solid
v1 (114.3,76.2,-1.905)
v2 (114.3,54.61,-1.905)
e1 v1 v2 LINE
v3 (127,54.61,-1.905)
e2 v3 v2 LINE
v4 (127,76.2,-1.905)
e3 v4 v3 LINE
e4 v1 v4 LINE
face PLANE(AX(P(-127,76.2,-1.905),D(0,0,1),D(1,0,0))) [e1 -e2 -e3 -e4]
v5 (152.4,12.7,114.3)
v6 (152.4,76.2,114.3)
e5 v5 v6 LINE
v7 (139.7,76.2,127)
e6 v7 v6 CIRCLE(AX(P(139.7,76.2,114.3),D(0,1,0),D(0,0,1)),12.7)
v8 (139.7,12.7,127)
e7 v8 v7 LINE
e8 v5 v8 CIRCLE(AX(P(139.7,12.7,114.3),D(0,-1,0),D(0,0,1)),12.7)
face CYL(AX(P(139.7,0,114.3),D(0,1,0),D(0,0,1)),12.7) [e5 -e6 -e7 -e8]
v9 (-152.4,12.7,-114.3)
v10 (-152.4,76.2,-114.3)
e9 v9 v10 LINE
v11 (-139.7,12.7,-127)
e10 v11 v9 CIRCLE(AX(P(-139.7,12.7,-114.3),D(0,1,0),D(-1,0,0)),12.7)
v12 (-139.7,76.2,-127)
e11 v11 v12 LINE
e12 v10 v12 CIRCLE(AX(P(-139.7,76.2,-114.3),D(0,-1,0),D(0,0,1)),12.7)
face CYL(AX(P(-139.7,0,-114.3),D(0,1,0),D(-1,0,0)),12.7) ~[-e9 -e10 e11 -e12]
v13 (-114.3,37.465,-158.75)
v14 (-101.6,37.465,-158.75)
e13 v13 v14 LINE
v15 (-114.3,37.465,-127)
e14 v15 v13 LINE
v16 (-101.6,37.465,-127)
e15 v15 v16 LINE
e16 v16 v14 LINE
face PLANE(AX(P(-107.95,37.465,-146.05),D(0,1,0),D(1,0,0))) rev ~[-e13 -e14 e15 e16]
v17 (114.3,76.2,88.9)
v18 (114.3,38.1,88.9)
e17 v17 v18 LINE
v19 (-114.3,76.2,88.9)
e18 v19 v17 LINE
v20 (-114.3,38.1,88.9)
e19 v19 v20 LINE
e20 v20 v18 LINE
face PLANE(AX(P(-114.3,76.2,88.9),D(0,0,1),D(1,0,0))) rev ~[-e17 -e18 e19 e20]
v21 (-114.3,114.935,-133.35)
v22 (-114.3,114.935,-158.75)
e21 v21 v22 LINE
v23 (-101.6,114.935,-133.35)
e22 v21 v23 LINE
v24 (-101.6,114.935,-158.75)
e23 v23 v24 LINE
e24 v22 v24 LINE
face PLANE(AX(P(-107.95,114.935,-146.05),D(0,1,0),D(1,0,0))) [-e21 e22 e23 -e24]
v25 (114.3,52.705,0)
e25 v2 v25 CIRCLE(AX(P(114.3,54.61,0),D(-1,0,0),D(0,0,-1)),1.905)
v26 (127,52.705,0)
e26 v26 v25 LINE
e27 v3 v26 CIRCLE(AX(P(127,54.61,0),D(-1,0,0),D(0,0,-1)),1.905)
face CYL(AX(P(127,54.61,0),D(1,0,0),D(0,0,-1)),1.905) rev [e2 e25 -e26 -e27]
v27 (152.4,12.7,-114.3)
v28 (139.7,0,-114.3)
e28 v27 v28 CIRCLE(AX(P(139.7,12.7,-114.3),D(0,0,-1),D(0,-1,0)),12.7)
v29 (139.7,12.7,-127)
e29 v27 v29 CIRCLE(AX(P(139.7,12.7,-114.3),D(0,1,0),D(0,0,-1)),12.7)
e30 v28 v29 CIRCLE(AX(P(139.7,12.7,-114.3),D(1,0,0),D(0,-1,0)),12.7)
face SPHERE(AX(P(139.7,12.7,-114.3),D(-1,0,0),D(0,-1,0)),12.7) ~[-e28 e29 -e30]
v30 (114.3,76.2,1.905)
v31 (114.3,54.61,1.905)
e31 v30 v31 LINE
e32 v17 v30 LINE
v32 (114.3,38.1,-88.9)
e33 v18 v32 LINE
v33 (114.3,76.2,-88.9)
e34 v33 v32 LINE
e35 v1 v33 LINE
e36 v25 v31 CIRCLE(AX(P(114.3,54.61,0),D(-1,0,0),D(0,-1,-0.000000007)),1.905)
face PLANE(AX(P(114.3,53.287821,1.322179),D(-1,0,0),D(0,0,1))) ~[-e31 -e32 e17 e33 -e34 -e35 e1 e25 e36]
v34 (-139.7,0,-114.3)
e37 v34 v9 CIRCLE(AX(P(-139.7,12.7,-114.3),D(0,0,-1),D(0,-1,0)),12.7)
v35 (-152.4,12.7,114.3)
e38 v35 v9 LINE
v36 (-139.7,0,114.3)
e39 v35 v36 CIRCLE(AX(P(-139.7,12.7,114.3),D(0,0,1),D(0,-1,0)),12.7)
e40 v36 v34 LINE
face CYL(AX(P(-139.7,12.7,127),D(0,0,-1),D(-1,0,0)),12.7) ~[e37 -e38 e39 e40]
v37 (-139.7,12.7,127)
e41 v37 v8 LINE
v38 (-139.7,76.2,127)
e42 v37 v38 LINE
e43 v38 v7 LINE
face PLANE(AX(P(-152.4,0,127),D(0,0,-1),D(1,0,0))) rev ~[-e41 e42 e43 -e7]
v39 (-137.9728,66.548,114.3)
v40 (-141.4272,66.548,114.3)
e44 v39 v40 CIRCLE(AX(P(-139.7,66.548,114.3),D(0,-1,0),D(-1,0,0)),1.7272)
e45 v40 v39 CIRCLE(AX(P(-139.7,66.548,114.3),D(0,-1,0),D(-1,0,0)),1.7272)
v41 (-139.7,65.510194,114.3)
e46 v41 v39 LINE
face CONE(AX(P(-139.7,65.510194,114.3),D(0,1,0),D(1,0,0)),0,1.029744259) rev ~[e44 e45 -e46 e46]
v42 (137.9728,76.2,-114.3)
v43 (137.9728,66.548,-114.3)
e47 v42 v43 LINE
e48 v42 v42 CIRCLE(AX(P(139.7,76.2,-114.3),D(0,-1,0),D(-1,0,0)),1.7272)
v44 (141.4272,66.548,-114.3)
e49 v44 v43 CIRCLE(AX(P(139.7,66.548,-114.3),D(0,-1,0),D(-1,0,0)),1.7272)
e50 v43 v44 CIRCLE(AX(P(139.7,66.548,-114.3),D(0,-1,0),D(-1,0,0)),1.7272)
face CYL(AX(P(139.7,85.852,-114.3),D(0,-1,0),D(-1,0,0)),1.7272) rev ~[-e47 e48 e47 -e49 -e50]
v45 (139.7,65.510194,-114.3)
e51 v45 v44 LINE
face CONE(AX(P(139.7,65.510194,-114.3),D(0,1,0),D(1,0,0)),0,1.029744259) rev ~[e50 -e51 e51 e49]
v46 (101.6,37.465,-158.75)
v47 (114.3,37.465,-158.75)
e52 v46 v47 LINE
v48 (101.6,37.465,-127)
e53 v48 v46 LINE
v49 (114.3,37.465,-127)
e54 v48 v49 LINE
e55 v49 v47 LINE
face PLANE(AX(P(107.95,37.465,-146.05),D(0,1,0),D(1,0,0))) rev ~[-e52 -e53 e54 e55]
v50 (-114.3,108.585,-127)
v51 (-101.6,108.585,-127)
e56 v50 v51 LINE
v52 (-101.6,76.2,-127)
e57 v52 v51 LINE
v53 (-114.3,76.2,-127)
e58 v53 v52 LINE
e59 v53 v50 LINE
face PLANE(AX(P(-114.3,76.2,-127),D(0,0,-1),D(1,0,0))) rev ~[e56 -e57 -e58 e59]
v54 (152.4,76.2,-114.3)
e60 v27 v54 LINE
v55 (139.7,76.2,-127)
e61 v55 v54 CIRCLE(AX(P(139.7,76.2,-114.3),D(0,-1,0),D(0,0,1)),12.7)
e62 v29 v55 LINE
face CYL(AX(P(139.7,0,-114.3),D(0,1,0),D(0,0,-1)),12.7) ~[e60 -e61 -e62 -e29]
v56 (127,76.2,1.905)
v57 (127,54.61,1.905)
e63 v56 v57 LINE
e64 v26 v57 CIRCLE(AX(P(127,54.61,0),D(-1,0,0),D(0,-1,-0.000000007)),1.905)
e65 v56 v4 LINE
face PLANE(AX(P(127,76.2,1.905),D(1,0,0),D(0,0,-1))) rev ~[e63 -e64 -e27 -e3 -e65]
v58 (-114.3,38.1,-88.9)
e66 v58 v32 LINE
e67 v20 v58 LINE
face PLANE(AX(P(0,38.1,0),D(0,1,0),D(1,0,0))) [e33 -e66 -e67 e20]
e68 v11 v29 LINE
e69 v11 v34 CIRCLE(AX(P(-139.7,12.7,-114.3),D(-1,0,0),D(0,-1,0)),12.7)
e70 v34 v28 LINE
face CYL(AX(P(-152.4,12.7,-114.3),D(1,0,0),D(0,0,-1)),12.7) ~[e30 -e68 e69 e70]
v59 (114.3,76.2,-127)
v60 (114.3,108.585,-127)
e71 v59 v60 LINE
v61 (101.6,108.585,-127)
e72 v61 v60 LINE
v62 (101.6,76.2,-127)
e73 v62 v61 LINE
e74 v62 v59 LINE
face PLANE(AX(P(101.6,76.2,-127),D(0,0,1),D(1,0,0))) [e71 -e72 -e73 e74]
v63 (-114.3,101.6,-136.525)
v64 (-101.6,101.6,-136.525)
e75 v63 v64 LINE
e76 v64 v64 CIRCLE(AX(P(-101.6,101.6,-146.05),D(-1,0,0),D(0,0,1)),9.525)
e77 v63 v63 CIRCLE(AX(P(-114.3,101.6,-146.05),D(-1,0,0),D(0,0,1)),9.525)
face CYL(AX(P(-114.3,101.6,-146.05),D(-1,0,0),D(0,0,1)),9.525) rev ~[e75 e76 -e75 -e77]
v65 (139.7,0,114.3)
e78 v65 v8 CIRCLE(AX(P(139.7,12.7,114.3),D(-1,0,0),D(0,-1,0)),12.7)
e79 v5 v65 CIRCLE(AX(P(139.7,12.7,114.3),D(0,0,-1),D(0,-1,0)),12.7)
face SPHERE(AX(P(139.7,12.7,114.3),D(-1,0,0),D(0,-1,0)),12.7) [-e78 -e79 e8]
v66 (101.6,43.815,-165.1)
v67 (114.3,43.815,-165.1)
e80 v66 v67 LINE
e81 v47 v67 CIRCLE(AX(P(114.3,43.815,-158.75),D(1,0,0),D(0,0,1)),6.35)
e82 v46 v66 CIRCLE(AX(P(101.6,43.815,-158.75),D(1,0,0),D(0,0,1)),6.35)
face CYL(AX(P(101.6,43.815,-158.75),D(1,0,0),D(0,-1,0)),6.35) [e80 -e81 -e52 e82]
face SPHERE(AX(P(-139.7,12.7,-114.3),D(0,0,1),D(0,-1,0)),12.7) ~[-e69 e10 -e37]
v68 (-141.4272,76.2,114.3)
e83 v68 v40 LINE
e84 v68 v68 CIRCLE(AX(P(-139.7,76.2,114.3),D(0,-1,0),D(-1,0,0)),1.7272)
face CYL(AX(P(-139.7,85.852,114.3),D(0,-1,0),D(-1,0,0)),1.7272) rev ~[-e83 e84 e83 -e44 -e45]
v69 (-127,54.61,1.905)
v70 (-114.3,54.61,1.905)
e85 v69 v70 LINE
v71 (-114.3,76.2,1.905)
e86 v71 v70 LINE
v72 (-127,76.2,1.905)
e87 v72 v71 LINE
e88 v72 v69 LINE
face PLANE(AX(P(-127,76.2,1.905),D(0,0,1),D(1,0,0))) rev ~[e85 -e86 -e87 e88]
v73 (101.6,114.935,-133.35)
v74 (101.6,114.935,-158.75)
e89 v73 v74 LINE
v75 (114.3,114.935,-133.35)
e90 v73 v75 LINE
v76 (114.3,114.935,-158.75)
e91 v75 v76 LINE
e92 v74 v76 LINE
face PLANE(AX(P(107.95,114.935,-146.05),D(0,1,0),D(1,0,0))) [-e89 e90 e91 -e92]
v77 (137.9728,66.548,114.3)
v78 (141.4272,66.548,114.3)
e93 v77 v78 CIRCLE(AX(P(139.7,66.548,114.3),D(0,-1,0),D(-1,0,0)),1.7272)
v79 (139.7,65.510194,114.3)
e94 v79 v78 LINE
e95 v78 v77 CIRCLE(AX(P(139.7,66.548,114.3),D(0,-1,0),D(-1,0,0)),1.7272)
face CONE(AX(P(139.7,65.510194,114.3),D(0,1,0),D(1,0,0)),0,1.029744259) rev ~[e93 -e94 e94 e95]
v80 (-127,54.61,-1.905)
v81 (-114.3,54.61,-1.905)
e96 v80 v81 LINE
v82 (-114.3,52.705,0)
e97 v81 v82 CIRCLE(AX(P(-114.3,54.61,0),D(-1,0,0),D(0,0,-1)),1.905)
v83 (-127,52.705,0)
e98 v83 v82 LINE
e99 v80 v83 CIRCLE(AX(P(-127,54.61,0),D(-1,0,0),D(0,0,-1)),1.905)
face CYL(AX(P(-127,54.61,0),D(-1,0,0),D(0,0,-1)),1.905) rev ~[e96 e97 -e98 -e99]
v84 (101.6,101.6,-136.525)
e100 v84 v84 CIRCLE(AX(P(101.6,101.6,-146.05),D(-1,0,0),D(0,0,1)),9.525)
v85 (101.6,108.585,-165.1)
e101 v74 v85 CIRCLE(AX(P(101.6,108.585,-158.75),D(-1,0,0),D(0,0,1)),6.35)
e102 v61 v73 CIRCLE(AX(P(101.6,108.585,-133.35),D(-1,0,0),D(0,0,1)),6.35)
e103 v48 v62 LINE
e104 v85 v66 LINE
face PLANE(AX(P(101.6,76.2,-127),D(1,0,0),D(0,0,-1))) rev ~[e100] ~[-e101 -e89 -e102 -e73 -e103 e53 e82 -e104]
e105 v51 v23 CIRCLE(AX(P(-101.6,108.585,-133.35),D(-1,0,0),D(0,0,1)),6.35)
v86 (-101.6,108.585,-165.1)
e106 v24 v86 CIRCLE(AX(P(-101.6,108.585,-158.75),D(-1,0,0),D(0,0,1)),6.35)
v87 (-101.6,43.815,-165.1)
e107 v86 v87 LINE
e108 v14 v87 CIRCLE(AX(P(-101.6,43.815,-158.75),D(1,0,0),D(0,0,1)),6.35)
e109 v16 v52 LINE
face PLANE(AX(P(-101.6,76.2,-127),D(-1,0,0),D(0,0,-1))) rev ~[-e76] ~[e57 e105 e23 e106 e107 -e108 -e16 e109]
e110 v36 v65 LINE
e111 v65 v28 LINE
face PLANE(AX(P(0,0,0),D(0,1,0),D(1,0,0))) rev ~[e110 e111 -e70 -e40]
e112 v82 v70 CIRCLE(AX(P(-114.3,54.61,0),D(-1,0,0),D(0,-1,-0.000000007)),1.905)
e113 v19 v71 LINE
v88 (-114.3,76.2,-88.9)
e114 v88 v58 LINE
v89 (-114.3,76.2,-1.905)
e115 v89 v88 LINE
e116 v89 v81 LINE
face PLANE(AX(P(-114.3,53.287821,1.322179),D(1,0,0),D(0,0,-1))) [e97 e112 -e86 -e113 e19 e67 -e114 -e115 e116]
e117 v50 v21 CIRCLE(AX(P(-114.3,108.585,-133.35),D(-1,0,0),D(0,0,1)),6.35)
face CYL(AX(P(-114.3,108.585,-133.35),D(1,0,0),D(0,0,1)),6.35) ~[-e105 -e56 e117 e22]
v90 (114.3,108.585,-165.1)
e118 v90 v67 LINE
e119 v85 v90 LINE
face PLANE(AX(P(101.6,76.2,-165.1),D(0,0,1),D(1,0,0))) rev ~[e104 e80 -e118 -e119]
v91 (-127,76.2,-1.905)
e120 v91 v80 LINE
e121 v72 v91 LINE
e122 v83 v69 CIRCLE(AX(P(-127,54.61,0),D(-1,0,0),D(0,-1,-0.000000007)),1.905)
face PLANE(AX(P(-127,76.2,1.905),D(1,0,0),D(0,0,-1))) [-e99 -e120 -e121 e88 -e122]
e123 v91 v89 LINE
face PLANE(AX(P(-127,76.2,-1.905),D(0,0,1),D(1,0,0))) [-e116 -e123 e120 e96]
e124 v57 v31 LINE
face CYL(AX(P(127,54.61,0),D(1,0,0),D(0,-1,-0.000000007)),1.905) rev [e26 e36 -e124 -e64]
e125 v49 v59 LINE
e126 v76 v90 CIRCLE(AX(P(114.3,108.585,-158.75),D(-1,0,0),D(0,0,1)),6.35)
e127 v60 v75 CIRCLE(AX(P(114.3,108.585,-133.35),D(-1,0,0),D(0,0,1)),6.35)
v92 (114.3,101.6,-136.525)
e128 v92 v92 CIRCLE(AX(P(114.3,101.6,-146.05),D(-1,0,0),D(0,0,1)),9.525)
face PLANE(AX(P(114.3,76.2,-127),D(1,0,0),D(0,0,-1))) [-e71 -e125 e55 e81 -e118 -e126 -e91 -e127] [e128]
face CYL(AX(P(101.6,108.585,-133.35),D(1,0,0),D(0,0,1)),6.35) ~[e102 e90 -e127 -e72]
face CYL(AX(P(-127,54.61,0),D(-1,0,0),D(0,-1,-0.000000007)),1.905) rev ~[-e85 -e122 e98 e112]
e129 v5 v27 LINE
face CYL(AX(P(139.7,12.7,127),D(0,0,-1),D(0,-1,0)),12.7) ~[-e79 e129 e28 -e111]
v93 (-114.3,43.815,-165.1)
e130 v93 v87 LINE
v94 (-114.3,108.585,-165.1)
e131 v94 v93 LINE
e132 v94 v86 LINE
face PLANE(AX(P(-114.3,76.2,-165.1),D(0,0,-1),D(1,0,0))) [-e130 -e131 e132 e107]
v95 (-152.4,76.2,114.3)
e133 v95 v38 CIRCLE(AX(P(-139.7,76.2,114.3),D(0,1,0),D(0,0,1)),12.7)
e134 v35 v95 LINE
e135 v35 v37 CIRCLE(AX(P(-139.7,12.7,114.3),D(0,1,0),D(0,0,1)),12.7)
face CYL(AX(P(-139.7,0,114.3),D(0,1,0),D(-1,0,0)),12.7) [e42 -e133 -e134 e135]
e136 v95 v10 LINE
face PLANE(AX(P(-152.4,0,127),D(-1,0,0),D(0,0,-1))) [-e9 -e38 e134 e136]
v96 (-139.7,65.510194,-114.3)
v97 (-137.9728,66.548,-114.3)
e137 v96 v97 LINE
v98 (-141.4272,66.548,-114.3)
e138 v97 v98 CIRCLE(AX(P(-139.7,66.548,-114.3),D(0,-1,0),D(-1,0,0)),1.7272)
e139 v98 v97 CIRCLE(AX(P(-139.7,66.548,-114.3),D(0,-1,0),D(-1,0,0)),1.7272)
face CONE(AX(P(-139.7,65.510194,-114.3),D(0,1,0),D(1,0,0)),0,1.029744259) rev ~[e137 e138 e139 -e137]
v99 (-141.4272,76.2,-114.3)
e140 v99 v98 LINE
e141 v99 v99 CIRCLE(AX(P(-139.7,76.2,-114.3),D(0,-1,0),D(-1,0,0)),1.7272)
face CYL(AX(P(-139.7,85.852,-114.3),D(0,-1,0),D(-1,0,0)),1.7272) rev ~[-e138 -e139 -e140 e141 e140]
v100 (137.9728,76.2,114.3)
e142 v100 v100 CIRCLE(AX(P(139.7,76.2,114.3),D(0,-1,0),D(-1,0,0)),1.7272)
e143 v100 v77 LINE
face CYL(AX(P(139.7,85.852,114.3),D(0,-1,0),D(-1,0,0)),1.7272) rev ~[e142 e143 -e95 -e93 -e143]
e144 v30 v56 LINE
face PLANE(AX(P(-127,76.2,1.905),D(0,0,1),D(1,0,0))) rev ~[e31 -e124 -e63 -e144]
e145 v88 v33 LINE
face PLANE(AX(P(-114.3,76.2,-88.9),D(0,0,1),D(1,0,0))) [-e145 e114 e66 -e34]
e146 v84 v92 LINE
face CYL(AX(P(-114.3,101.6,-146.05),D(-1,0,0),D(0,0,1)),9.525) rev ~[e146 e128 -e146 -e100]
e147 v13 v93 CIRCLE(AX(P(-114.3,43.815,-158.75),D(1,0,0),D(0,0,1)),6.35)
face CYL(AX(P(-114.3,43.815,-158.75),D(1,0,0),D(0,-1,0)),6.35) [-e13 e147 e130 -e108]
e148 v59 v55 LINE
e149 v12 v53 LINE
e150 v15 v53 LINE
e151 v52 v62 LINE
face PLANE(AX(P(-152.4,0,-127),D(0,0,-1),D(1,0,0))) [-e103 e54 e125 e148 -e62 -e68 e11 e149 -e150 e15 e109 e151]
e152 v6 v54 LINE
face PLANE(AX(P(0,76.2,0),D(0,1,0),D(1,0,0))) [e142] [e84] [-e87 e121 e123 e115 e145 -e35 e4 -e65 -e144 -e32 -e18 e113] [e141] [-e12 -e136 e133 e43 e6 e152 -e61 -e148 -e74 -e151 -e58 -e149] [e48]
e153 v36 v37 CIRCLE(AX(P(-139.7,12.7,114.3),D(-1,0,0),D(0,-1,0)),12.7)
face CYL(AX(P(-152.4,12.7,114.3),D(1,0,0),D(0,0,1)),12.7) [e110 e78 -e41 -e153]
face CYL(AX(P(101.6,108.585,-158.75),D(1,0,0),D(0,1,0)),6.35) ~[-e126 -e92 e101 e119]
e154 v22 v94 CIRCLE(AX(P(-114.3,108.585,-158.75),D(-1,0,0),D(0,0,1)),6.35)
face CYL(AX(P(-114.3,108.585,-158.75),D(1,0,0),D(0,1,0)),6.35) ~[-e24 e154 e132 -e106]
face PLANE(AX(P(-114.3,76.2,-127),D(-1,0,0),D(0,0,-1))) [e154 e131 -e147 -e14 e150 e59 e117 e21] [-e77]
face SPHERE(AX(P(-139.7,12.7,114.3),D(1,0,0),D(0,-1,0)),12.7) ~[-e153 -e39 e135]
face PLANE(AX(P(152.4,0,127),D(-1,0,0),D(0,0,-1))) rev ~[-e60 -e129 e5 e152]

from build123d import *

# Parameters (mm, degrees)
SKETCH4_W                 = 304.8
SKETCH4_H                 = 254
BOSS_EXTRUDE1_DEPTH       = 76.2
SKETCH5_W                 = 228.6
SKETCH5_H                 = 177.8
CUT_EXTRUDE1_DEPTH        = 38.1
FILLET1_R                 = 12.7
SKETCH11_W                = 12.7
SKETCH11_H                = 38.1
BOSS_EXTRUDE2_DEPTH       = 38.735
SKETCH12_R                = 9.525
CUT_EXTRUDE4_DEPTH        = 267.7
FILLET3_R                 = 6.35
SKETCH13_W                = 254
SKETCH13_H                = 3.81
CUT_EXTRUDE5_DEPTH        = 23.495
BOSS_EXTRUDE3_DEPTH       = 12.7
FILLET5_R                 = 6.35
F_8_32_TAPPED_HOLE1_D     = 3.4544
F_8_32_TAPPED_HOLE1_DEPTH = 9.652
F_8_32_TAPPED_HOLE1_TIP   = 1.037806461


with BuildPart() as part:
    # Sketch4 → Boss-Extrude1 (new body)
    with BuildSketch(Plane(origin=(0, 0, 0), x_dir=(1, 0, 0), z_dir=(0, 1, 0))):
        Rectangle(SKETCH4_W, SKETCH4_H)
    extrude(amount=BOSS_EXTRUDE1_DEPTH)

    # Sketch5 → Cut-Extrude1 (cut)
    with BuildSketch(Plane(origin=(0, 76.2, 0), x_dir=(1, 0, 0), z_dir=(0, 1, 0))):
        Rectangle(SKETCH5_W, SKETCH5_H)
    extrude(amount=-CUT_EXTRUDE1_DEPTH, mode=Mode.SUBTRACT)

    # Fillet1
    fillet1_edges = [part.edges().sort_by_distance(p)[0] for p in [
        (0, 0, 127),
        (-152.4, 0, 0),
        (0, 0, -127),
        (152.4, 0, 0),
        (152.4, 38.1, 127),
        (-152.4, 38.1, 127),
        (-152.4, 38.1, -127),
        (152.4, 38.1, -127),
    ]]
    fillet(fillet1_edges, radius=FILLET1_R)

    # Sketch11 → Boss-Extrude2 (add, symmetric)
    with BuildSketch(Plane(origin=(0, 76.2, 0), x_dir=(1, 0, 0), z_dir=(0, 1, 0))):
        with Locations((-107.95, 146.05)):
            Rectangle(SKETCH11_W, SKETCH11_H)
        with Locations((107.95, 146.05)):
            Rectangle(SKETCH11_W, SKETCH11_H)
    extrude(amount=BOSS_EXTRUDE2_DEPTH, both=True)

    # Sketch12 → Cut-Extrude4 (cut, through all)
    with BuildSketch(Plane.ZY.offset(114.3)):
        with Locations((-146.05, 101.6)):
            Circle(SKETCH12_R)
    extrude(amount=-CUT_EXTRUDE4_DEPTH, mode=Mode.SUBTRACT)

    # Fillet3
    fillet3_edges = [part.edges().sort_by_distance(p)[0] for p in [
        (-107.95, 114.935, -127),
        (107.95, 114.935, -127),
    ]]
    fillet(fillet3_edges, radius=FILLET3_R)

    # Sketch13 → Cut-Extrude5 (cut)
    with BuildSketch(Plane(origin=(0, 76.2, 0), x_dir=(1, 0, 0), z_dir=(0, 1, 0))):
        Rectangle(SKETCH13_W, SKETCH13_H)
    extrude(amount=-CUT_EXTRUDE5_DEPTH, mode=Mode.SUBTRACT)

    # Sketch18 → Boss-Extrude3 (add)
    with BuildSketch(Plane(origin=(-127, 0, 0), x_dir=(0, 0, -1), z_dir=(1, 0, 0))):
        with BuildLine():
            Line((-1.905, 52.705), (1.3e-08, 52.705))
            ThreePointArc((1.3e-08, 52.705), (-1.347038413, 53.262961577), (-1.905, 54.61))
            Line((-1.905, 54.61), (-1.905, 52.705))
        make_face()
        with BuildLine():
            Line((1.905, 52.705), (1.905, 54.61))
            ThreePointArc((1.905, 54.61), (1.347038423, 53.262961587), (1.3e-08, 52.705))
            Line((1.3e-08, 52.705), (1.905, 52.705))
        make_face()
    boss_extrude3 = extrude(amount=BOSS_EXTRUDE3_DEPTH)

    # Mirror1: Boss-Extrude3 across plane
    add(boss_extrude3.mirror(Plane(origin=(0, 0, 0), x_dir=(0, 0, 1), z_dir=(1, 0, 0))))

    # Fillet5
    fillet5_edges = [part.edges().sort_by_distance(p)[0] for p in [
        (-107.95, 37.465, -165.1),
        (-107.95, 114.935, -165.1),
        (107.95, 37.465, -165.1),
        (107.95, 114.935, -165.1),
    ]]
    fillet(fillet5_edges, radius=FILLET5_R)

    # #8-32 Tapped Hole1
    with Locations(Plane(origin=(0, 76.2, 0), x_dir=(1, 0, 0), z_dir=(0, 1, 0))):
        with Locations((-139.7, -114.3), (-139.7, 114.3), (139.7, 114.3), (139.7, -114.3)):
            Hole(F_8_32_TAPPED_HOLE1_D / 2, depth=F_8_32_TAPPED_HOLE1_DEPTH)
            with Locations((0, 0, -(F_8_32_TAPPED_HOLE1_DEPTH + F_8_32_TAPPED_HOLE1_TIP / 2))):  # 118° drill point
                Cone(0, F_8_32_TAPPED_HOLE1_D / 2, F_8_32_TAPPED_HOLE1_TIP, mode=Mode.SUBTRACT)


solid = part.part
